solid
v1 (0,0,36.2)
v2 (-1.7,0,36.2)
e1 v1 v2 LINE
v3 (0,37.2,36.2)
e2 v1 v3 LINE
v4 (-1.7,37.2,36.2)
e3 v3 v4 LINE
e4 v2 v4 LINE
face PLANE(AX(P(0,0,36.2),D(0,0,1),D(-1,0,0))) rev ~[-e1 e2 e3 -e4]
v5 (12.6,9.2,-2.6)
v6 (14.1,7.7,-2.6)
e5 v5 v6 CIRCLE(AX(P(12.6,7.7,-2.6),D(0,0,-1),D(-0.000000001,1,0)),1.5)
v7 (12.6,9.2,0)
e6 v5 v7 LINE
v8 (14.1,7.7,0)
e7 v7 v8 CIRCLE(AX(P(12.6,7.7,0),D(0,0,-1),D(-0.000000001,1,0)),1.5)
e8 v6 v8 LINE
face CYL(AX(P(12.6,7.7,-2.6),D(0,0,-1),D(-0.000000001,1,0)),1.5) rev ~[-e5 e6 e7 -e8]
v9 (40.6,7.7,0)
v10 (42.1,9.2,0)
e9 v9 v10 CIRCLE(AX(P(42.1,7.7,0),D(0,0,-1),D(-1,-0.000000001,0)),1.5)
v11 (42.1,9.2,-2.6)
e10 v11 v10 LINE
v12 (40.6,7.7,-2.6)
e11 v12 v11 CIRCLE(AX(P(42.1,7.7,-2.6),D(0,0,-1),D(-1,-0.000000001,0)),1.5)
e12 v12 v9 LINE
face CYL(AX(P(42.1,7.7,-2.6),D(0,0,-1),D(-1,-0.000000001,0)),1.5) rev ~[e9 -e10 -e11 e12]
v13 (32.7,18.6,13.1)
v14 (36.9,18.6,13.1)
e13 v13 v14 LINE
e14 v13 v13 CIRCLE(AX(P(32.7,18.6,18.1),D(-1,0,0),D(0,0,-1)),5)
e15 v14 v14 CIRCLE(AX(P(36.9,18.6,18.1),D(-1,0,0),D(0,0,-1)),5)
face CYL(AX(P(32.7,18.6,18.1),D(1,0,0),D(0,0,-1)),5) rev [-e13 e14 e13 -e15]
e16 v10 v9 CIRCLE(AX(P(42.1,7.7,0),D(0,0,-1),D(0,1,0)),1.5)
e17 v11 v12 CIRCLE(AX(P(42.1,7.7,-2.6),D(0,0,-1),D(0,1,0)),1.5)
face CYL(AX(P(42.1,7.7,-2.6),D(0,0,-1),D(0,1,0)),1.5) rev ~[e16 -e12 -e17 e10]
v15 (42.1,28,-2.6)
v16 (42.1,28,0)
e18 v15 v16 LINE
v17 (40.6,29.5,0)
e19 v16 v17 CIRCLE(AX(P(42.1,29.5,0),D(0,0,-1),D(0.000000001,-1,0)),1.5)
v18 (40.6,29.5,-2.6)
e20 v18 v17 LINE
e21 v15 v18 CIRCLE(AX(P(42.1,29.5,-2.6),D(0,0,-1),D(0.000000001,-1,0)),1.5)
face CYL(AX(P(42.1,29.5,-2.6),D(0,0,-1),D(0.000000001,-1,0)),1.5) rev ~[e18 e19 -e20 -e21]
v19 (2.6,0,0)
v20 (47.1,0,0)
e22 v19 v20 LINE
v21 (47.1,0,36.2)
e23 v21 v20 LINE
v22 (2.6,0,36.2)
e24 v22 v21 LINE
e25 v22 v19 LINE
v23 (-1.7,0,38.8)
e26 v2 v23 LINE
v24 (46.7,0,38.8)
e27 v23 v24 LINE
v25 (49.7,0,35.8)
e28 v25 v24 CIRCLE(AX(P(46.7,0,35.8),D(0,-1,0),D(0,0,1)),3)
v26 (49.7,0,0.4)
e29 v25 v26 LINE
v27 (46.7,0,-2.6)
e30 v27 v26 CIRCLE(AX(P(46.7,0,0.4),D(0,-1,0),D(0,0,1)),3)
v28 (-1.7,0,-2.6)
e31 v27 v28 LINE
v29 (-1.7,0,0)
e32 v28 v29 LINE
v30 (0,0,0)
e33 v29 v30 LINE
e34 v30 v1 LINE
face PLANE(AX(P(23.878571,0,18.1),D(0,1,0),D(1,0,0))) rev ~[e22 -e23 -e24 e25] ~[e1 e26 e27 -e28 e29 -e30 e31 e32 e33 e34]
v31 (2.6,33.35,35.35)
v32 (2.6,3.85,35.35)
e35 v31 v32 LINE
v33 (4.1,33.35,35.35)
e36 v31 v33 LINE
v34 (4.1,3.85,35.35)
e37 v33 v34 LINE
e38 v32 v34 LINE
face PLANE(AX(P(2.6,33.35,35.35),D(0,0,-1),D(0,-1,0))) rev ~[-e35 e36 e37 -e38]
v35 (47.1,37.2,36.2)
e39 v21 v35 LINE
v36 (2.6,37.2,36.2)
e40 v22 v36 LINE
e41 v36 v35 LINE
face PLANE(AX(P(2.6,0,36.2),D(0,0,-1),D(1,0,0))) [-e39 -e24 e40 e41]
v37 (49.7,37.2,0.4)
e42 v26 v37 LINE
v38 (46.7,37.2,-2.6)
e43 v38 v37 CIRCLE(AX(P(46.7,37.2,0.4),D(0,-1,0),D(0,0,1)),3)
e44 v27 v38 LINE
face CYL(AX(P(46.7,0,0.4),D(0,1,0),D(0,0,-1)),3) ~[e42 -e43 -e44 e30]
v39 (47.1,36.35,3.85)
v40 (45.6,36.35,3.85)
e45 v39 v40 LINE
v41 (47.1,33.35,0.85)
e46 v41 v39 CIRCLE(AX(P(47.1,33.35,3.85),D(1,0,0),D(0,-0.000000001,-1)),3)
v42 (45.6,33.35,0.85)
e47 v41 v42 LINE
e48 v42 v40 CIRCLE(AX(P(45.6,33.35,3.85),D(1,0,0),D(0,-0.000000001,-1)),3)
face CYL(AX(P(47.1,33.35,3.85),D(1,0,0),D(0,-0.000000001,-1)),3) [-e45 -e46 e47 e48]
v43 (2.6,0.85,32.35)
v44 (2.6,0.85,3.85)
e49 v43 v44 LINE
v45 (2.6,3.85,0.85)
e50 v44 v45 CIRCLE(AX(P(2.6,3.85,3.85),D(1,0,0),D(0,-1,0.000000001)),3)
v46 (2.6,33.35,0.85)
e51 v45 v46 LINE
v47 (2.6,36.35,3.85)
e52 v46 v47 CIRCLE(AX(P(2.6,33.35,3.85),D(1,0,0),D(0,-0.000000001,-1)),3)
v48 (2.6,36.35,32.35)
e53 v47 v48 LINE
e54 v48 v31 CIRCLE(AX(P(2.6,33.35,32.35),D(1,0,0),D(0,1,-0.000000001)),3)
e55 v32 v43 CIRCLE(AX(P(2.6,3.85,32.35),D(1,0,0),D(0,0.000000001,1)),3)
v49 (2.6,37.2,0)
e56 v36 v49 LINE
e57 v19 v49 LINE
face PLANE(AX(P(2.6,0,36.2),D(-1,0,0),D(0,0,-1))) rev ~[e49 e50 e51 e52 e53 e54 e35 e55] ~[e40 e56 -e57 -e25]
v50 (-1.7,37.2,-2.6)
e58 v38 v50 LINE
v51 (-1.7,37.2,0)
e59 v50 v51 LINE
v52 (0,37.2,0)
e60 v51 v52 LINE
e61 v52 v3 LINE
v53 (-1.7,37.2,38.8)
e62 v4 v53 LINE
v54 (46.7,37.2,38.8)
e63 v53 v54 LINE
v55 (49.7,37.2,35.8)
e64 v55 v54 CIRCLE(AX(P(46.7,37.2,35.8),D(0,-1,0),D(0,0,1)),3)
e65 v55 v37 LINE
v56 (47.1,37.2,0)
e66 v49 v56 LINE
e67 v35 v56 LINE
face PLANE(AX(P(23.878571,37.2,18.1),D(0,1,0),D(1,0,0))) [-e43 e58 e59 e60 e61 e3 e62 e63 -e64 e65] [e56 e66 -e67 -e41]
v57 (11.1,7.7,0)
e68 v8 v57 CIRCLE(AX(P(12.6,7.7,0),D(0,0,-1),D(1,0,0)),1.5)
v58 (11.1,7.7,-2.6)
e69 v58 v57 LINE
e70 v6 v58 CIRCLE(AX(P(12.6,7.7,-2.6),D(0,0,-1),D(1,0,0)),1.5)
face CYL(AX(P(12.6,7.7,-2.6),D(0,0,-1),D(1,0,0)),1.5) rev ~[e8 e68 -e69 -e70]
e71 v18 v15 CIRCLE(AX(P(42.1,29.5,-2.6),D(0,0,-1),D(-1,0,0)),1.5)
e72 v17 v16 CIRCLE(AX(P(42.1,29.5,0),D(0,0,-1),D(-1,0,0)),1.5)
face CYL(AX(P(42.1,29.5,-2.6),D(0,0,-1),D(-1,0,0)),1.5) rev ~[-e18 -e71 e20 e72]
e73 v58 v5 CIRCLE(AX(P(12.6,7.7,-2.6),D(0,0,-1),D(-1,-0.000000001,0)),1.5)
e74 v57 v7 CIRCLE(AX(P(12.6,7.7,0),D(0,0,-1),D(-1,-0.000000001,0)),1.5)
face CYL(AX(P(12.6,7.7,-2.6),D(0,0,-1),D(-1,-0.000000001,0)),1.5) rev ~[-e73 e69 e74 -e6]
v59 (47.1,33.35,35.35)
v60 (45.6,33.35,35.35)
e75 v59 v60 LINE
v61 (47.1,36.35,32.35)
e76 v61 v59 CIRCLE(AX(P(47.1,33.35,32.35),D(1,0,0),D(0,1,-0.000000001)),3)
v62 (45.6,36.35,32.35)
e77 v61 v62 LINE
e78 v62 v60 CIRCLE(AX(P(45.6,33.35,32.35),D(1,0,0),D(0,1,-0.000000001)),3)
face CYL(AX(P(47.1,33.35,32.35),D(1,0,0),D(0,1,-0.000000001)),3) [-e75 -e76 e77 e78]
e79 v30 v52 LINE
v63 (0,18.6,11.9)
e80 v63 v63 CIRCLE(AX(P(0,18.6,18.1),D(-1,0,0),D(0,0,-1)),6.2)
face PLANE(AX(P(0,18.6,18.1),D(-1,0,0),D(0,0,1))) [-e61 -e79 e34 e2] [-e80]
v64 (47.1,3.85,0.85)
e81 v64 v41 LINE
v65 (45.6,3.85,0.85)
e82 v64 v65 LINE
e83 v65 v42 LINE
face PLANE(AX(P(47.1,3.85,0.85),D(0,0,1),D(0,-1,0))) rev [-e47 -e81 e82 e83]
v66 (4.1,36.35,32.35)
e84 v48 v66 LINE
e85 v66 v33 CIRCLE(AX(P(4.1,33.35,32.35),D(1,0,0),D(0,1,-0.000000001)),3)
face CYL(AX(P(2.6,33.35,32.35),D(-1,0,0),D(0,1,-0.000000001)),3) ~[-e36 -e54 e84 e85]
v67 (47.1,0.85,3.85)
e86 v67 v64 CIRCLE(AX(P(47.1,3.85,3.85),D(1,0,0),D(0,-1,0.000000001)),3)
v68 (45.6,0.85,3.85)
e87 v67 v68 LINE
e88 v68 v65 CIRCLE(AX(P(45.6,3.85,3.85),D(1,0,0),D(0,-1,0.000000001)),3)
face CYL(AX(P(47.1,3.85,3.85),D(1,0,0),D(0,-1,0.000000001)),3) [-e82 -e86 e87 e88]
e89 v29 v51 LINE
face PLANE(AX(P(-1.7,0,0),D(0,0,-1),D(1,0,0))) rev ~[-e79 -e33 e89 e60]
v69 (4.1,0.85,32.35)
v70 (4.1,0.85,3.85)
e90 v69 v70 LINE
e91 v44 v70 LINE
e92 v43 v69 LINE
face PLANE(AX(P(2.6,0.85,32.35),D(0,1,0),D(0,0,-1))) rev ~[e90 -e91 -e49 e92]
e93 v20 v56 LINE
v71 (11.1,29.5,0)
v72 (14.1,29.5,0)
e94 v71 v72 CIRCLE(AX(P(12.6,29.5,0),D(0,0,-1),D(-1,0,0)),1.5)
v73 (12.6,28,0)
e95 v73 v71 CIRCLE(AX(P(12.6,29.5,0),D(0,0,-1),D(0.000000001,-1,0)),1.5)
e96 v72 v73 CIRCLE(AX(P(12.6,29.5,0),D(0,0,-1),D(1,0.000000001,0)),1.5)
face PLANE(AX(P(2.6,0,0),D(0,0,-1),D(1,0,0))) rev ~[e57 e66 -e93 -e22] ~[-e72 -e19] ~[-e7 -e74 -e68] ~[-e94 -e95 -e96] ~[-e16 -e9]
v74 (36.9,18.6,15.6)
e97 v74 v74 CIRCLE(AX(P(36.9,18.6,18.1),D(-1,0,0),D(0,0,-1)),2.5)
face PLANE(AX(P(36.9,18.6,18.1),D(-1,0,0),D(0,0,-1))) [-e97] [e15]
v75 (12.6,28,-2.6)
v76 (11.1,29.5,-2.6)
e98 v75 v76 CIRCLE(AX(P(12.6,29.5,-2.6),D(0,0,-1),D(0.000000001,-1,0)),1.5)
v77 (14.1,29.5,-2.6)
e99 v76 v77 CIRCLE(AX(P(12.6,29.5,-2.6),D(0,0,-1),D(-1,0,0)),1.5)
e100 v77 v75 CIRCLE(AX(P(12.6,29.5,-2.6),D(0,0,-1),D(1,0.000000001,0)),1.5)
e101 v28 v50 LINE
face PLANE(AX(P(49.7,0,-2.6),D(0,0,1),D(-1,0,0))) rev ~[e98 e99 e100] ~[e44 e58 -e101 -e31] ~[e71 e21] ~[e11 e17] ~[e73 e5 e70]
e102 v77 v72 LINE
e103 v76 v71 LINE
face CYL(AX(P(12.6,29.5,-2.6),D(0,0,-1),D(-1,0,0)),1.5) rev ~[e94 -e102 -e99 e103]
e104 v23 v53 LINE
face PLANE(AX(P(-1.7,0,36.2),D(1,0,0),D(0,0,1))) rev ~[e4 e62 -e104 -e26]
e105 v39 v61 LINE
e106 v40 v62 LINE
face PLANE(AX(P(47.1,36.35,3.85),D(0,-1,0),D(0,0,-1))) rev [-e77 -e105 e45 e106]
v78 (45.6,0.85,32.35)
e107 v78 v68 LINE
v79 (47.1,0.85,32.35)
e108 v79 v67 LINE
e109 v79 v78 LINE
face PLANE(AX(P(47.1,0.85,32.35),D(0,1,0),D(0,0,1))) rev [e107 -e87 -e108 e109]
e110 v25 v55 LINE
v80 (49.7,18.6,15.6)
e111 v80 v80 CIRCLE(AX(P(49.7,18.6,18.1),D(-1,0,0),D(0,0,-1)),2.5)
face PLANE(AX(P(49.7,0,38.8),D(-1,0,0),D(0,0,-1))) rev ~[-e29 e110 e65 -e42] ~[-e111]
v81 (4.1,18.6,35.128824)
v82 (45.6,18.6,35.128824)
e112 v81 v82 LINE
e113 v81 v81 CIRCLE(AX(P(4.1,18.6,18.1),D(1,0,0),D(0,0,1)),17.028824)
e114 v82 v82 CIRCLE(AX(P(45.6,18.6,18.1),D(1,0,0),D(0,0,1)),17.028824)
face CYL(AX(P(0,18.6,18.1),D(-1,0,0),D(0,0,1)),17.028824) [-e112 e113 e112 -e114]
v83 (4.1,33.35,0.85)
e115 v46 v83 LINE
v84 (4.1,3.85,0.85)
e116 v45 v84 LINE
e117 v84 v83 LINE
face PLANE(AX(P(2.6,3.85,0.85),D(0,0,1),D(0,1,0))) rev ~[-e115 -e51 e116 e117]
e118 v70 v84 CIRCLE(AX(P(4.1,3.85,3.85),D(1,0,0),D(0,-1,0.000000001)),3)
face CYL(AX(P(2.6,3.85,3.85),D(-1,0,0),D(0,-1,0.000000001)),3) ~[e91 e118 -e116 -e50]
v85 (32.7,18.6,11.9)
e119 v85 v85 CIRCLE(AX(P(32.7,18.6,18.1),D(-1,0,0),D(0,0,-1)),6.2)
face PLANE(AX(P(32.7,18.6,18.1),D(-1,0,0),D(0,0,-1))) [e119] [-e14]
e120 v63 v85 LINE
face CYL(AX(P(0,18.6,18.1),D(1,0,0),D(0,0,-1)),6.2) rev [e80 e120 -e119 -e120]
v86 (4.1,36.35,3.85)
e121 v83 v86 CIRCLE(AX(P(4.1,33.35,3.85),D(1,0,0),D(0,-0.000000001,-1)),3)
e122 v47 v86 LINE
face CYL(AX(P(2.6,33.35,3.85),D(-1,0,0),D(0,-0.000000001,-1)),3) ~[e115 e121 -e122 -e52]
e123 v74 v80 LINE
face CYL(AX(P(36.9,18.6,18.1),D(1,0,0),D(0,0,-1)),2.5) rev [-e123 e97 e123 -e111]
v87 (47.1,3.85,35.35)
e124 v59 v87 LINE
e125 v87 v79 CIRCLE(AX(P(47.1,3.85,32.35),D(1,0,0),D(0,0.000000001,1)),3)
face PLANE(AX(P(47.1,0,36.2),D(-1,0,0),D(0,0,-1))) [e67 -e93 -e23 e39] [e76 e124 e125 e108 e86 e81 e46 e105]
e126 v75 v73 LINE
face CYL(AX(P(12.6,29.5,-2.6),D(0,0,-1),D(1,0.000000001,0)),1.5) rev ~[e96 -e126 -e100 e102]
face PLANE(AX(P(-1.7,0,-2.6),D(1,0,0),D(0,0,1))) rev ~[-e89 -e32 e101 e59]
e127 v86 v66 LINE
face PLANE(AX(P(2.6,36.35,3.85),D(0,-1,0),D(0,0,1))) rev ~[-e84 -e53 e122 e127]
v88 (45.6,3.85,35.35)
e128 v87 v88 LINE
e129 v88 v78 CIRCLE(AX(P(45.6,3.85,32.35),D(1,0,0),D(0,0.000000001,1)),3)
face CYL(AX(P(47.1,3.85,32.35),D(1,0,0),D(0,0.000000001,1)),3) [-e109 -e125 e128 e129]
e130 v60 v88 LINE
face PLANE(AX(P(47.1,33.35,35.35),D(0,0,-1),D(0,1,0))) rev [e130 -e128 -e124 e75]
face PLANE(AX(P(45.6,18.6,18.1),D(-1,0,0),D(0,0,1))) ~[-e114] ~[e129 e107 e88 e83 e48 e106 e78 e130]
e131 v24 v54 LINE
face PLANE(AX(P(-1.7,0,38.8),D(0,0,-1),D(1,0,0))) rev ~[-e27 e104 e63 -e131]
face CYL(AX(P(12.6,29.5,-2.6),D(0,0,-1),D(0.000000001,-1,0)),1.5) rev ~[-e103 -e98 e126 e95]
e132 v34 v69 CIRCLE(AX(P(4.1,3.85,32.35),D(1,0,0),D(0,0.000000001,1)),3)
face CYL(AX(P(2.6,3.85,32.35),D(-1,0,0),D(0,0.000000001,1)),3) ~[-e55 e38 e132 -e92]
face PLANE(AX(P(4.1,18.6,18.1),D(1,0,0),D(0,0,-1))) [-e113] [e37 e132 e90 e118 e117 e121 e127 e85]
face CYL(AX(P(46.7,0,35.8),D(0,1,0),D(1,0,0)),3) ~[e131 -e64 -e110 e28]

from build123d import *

# Parameters (mm, degrees)
CROQUIS1_W              = 44.5
CROQUIS1_H              = 36.2
SALIENTE_EXTRUIR1_DEPTH = 37.2
CROQUIS2_R              = 17.028823748
SALIENTE_EXTRUIR2_DEPTH = 47.1
CROQUIS3_R              = 17.028823748
SALIENTE_EXTRUIR3_DEPTH = 1.5
REDONDEO1_R             = 3
REDONDEO2_R             = 3
CORTAR_EXTRUIR1_DEPTH   = 2.6


with BuildPart() as part:
    # Croquis1 → Saliente-Extruir1 (new body)
    with BuildSketch(Plane(origin=(0, 0, 0), x_dir=(1, 0, 0), z_dir=(0, 1, 0))):
        Polygon((0, 0), (0, -36.2), (-1.7, -36.2), (-1.7, -38.8), (49.7, -38.8), (49.7, 2.6), (-1.7, 2.6), (-1.7, 0), align=None)
        with Locations((24.85, -18.1)):
            Rectangle(CROQUIS1_W, CROQUIS1_H, mode=Mode.SUBTRACT)
    extrude(amount=SALIENTE_EXTRUIR1_DEPTH)

    # Croquis2 → Saliente-Extruir2 (add)
    with BuildSketch(Plane.ZY):
        with Locations((18.1, 18.6)):
            Circle(CROQUIS2_R)
    extrude(amount=-SALIENTE_EXTRUIR2_DEPTH)

    # Croquis3 → Saliente-Extruir3 (add)
    with BuildSketch(Plane(origin=(2.6, 0, 0), x_dir=(0, 0, -1), z_dir=(1, 0, 0))):
        with BuildLine():
            Line((-0.85, 3.85), (-0.85, 33.35))
            ThreePointArc((-0.85, 33.35), (-1.728679656, 35.471320344), (-3.85, 36.35))
            Line((-3.85, 36.35), (-32.35, 36.35))
            ThreePointArc((-32.35, 36.35), (-34.471320344, 35.471320344), (-35.35, 33.35))
            Line((-35.35, 33.35), (-35.35, 3.85))
            ThreePointArc((-35.35, 3.85), (-34.471320344, 1.728679656), (-32.35, 0.85))
            Line((-32.35, 0.85), (-3.85, 0.85))
            ThreePointArc((-3.85, 0.85), (-1.728679656, 1.728679656), (-0.85, 3.85))
        make_face()
        with Locations(Location((-18.1, 18.6, 0), (0, 0, 180))):
            Circle(CROQUIS3_R, mode=Mode.SUBTRACT)
    saliente_extruir3 = extrude(amount=SALIENTE_EXTRUIR3_DEPTH)

    # Simetría1: Saliente-Extruir3 across plane
    add(saliente_extruir3.mirror(Plane(origin=(24.85, 0, 0), x_dir=(0, 0, 1), z_dir=(1, 0, 0))))

    # Croquis4 → Cortar-Revolución1 (revolve, cut)
    with BuildSketch(Plane(origin=(0, 18.6, 0), x_dir=(1, 0, 0), z_dir=(0, 1, 0))):
        Polygon((49.7, -18.1), (0, -18.1), (0, -11.9), (32.7, -11.9), (32.7, -13.1), (36.9, -13.1), (36.9, -15.6), (49.7, -15.6), align=None)
    revolve(axis=Axis((49.7, 18.6, 18.1), (-1, 0, 0)), mode=Mode.SUBTRACT)

    # Redondeo1
    redondeo1_edges = [part.edges().sort_by_distance(p)[0] for p in [
        (49.7, 18.6, -2.6),
    ]]
    fillet(redondeo1_edges, radius=REDONDEO1_R)

    # Redondeo2
    redondeo2_edges = [part.edges().sort_by_distance(p)[0] for p in [
        (49.7, 18.6, 38.8),
    ]]
    fillet(redondeo2_edges, radius=REDONDEO2_R)

    # Croquis5 → Cortar-Extruir1 (cut)
    with BuildSketch(Plane(origin=(0, 0, -2.6), x_dir=(-1, 0, 0), z_dir=(0, 0, -1))):
        with BuildLine():
            Line((-42.1, 28), (-42.1, 29.5))
            Line((-42.1, 29.5), (-40.6, 29.5))
            ThreePointArc((-40.6, 29.5), (-43.160660172, 30.560660172), (-42.1, 28))
        make_face()
        with BuildLine():
            Line((-40.6, 29.5), (-42.1, 29.5))
            Line((-42.1, 29.5), (-42.1, 28))
            ThreePointArc((-42.1, 28), (-41.039339828, 28.439339828), (-40.6, 29.5))
        make_face()
        with BuildLine():
            ThreePointArc((-40.6, 7.7), (-41.039339828, 8.760660172), (-42.1, 9.2))
            Line((-42.1, 9.2), (-42.1, 7.7))
            Line((-42.1, 7.7), (-40.6, 7.7))
        make_face()
        with BuildLine():
            Line((-42.1, 7.7), (-42.1, 9.2))
            ThreePointArc((-42.1, 9.2), (-43.160660172, 6.639339828), (-40.6, 7.7))
            Line((-40.6, 7.7), (-42.1, 7.7))
        make_face()
        with BuildLine():
            ThreePointArc((-11.1, 7.7), (-11.539339828, 8.760660172), (-12.6, 9.2))
            Line((-12.6, 9.2), (-12.6, 7.7))
            Line((-12.6, 7.7), (-14.1, 7.7))
            ThreePointArc((-14.1, 7.7), (-12.6, 6.2), (-11.1, 7.7))
        make_face()
        with BuildLine():
            Line((-12.6, 7.7), (-12.6, 9.2))
            ThreePointArc((-12.6, 9.2), (-13.660660172, 8.760660172), (-14.1, 7.7))
            Line((-14.1, 7.7), (-12.6, 7.7))
        make_face()
        with BuildLine():
            ThreePointArc((-11.1, 29.5), (-12.6, 31), (-14.1, 29.5))
            Line((-14.1, 29.5), (-12.6, 29.5))
            Line((-12.6, 29.5), (-12.6, 28))
            ThreePointArc((-12.6, 28), (-11.539339828, 28.439339828), (-11.1, 29.5))
        make_face()
        with BuildLine():
            Line((-12.6, 29.5), (-14.1, 29.5))
            ThreePointArc((-14.1, 29.5), (-13.660660172, 28.439339828), (-12.6, 28))
            Line((-12.6, 28), (-12.6, 29.5))
        make_face()
    extrude(amount=-CORTAR_EXTRUIR1_DEPTH, mode=Mode.SUBTRACT)


solid = part.part
